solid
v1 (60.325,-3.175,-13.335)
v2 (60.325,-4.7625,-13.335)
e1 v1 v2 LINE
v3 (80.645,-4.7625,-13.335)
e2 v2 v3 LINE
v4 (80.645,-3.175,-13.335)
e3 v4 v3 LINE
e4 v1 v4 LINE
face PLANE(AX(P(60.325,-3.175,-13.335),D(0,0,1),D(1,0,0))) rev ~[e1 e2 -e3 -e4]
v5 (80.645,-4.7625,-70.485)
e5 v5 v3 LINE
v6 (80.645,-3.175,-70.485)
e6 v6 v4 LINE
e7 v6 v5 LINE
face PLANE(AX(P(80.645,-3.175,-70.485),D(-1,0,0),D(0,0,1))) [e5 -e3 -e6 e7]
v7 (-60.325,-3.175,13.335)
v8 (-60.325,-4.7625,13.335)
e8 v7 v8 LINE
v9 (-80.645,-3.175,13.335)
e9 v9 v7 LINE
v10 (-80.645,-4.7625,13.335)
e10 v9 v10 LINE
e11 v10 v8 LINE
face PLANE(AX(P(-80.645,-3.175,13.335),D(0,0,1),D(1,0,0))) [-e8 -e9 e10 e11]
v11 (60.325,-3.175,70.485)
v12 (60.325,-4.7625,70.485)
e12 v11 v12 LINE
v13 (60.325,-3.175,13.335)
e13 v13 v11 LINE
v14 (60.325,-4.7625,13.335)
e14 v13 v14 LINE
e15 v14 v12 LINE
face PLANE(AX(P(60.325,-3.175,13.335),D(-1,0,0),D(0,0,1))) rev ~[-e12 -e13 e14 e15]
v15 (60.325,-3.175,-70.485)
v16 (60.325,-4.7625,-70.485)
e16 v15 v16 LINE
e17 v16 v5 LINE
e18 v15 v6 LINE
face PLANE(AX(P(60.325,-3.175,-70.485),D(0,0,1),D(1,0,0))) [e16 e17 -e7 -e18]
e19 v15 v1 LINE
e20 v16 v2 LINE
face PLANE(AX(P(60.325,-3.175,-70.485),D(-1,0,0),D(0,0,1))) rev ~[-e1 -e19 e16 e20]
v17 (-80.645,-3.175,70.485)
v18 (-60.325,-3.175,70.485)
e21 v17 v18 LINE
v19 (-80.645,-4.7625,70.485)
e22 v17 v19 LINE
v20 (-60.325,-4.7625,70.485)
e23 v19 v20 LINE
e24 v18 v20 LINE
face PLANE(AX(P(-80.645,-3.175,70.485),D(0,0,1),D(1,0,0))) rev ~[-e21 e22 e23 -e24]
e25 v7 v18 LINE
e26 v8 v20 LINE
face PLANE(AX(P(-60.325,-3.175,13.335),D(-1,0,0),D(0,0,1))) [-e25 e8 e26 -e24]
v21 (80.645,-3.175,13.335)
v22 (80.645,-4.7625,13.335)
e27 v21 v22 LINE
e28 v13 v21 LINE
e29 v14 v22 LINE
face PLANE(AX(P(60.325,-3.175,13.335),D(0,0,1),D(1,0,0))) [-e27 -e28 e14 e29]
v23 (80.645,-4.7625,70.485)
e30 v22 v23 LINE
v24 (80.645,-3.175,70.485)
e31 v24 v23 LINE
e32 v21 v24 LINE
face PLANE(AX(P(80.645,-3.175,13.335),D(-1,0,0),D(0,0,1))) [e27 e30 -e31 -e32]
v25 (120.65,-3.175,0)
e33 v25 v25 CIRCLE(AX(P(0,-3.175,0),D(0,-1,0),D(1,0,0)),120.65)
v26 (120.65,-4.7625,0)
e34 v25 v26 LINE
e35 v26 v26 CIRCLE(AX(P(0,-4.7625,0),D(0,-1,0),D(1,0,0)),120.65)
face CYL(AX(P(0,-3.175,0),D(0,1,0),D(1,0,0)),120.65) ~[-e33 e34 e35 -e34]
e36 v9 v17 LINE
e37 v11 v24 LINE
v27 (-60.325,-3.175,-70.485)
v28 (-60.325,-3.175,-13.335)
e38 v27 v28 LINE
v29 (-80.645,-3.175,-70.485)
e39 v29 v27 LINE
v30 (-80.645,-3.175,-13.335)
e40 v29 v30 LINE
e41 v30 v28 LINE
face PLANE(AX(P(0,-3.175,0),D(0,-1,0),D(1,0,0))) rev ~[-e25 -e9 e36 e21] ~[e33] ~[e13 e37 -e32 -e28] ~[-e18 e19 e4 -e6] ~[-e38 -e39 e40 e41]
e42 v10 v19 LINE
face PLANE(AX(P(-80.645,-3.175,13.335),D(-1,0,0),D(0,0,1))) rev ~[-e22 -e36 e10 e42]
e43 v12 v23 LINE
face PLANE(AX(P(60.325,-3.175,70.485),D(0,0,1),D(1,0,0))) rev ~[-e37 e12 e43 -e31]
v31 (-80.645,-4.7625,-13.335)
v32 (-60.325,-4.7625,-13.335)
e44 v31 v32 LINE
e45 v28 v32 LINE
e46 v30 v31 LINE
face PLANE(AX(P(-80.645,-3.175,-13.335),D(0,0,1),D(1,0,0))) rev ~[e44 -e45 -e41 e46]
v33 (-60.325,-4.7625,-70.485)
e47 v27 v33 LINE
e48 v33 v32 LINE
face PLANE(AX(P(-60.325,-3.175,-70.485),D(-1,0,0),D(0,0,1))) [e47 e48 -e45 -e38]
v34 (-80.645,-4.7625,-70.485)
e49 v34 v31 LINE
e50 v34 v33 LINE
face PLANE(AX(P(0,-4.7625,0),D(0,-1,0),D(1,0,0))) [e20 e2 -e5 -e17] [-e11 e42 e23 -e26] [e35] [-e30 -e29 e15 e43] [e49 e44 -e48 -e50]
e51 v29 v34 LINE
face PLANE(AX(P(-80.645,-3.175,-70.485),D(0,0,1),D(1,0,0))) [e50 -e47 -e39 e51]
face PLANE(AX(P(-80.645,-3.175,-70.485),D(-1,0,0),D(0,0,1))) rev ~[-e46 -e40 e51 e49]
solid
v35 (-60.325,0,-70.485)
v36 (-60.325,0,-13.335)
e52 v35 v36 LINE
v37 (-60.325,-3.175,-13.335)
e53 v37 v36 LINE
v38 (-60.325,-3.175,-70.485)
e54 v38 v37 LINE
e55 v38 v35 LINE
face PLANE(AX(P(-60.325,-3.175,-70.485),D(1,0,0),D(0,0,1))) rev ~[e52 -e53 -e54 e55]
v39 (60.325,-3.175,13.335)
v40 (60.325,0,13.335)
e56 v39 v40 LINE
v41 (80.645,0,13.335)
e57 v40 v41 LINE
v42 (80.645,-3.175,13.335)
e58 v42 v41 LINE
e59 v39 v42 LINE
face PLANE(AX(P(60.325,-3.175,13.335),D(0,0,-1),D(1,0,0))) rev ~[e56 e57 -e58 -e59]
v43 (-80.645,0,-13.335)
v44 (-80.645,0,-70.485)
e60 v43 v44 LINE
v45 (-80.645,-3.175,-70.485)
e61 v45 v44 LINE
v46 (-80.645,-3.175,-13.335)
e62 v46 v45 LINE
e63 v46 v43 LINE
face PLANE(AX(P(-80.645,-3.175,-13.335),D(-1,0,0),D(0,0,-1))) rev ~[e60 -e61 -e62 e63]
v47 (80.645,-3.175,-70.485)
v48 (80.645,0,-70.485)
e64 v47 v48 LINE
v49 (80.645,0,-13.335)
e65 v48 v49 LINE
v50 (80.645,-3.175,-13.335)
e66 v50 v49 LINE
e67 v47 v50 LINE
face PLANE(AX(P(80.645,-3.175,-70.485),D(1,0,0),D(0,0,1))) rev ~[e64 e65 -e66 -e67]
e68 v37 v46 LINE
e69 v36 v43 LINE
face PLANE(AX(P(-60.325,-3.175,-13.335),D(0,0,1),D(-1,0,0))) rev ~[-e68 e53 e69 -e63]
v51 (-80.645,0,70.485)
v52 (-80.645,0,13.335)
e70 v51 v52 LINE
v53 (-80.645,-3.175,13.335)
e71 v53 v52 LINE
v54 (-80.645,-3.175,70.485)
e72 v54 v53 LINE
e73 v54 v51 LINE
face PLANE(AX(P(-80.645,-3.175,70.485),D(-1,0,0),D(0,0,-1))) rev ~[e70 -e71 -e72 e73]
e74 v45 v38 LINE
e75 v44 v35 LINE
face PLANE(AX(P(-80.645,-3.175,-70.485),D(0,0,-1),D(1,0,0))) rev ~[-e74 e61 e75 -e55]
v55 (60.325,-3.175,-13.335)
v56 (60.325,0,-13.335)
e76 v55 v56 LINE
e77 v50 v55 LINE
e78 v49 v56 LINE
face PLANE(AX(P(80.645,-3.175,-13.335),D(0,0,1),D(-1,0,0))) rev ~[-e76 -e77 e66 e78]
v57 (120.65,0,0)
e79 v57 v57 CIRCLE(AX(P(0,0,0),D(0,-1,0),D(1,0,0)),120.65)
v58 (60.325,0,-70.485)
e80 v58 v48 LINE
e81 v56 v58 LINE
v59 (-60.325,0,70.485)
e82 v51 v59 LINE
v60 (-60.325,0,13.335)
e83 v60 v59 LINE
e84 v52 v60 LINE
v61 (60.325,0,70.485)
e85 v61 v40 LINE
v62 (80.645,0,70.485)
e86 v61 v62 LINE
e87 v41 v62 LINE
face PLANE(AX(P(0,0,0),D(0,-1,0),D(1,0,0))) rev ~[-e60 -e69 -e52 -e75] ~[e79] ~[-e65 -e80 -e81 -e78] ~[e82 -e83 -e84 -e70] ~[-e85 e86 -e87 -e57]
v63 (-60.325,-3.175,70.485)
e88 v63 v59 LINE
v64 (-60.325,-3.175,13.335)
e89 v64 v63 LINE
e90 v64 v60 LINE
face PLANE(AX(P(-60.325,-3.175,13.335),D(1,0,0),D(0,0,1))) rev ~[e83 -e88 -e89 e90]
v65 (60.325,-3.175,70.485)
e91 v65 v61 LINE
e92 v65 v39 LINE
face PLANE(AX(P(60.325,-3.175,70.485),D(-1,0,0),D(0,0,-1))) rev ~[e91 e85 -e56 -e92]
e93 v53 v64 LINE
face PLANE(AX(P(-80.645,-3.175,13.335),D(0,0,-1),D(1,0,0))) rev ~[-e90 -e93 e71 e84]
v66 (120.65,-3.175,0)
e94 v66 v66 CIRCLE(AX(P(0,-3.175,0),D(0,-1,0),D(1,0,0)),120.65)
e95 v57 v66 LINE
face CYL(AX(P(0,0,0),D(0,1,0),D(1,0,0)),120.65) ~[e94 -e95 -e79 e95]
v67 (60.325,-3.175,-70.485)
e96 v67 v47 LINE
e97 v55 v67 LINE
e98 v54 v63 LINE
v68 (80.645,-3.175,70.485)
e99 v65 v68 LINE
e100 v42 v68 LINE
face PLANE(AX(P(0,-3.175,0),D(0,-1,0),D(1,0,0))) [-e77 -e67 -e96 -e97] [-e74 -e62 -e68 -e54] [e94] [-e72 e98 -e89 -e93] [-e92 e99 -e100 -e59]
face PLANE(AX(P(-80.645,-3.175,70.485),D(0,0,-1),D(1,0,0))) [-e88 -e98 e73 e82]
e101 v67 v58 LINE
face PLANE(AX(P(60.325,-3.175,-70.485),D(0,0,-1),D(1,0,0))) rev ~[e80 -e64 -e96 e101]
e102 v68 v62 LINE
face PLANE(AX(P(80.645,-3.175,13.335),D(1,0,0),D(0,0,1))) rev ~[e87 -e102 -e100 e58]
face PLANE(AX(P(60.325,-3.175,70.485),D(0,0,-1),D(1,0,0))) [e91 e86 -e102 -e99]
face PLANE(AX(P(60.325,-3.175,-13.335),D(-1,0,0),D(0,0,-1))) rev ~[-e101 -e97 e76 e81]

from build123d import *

# Parameters (mm, degrees)
F0_R     = 120.65
F1_DEPTH = 3.175
F2_W     = 20.32
F2_H     = 28.575
F3_DEPTH = 25.4
F4_R     = 120.65
F4_W     = 20.32
F4_H     = 57.15
F5_DEPTH = 1.5875


with BuildPart() as f1:
    # F0 (on Front) → F1 (new body)
    with BuildSketch(Plane.XZ):
        Circle(F0_R)
    extrude(amount=F1_DEPTH)

    # F2 (on face) → F3 (cut)
    with BuildSketch(Plane.XZ.offset(3.175)):
        Polygon((80.645, 41.91), (60.325, 41.91), (60.325, 13.335), (70.485, 13.335), (80.645, 13.335), align=None)
        with Locations((70.485, 56.1975)):
            Rectangle(F2_W, F2_H)
        Polygon((60.325, -13.335), (60.325, -41.91), (80.645, -41.91), (80.645, -13.335), (70.485, -13.335), align=None)
        with Locations((70.485, -56.1975)):
            Rectangle(F2_W, F2_H)
        with Locations((-70.485, -56.1975)):
            Rectangle(F2_W, F2_H)
        Polygon((-80.645, -41.91), (-60.325, -41.91), (-60.325, -13.335), (-70.485, -13.335), (-80.645, -13.335), align=None)
        Polygon((-60.325, 13.335), (-60.325, 41.91), (-80.645, 41.91), (-80.645, 13.335), (-70.485, 13.335), align=None)
        with Locations((-70.485, 56.1975)):
            Rectangle(F2_W, F2_H)
    extrude(amount=-F3_DEPTH, mode=Mode.SUBTRACT)


with BuildPart() as f5:
    # F4 (on face) → F5 (new body)
    with BuildSketch(Plane.XZ.offset(3.175)):
        Circle(F4_R)
        with Locations((-70.485, -41.91)):
            Rectangle(F4_W, F4_H, mode=Mode.SUBTRACT)
        with Locations((70.485, -41.91)):
            Rectangle(F4_W, F4_H, mode=Mode.SUBTRACT)
        with Locations((-70.485, 41.91)):
            Rectangle(F4_W, F4_H, mode=Mode.SUBTRACT)
        with Locations((70.485, 41.91)):
            Rectangle(F4_W, F4_H, mode=Mode.SUBTRACT)
    extrude(amount=F5_DEPTH)


solid = Compound([f1.part, f5.part])
